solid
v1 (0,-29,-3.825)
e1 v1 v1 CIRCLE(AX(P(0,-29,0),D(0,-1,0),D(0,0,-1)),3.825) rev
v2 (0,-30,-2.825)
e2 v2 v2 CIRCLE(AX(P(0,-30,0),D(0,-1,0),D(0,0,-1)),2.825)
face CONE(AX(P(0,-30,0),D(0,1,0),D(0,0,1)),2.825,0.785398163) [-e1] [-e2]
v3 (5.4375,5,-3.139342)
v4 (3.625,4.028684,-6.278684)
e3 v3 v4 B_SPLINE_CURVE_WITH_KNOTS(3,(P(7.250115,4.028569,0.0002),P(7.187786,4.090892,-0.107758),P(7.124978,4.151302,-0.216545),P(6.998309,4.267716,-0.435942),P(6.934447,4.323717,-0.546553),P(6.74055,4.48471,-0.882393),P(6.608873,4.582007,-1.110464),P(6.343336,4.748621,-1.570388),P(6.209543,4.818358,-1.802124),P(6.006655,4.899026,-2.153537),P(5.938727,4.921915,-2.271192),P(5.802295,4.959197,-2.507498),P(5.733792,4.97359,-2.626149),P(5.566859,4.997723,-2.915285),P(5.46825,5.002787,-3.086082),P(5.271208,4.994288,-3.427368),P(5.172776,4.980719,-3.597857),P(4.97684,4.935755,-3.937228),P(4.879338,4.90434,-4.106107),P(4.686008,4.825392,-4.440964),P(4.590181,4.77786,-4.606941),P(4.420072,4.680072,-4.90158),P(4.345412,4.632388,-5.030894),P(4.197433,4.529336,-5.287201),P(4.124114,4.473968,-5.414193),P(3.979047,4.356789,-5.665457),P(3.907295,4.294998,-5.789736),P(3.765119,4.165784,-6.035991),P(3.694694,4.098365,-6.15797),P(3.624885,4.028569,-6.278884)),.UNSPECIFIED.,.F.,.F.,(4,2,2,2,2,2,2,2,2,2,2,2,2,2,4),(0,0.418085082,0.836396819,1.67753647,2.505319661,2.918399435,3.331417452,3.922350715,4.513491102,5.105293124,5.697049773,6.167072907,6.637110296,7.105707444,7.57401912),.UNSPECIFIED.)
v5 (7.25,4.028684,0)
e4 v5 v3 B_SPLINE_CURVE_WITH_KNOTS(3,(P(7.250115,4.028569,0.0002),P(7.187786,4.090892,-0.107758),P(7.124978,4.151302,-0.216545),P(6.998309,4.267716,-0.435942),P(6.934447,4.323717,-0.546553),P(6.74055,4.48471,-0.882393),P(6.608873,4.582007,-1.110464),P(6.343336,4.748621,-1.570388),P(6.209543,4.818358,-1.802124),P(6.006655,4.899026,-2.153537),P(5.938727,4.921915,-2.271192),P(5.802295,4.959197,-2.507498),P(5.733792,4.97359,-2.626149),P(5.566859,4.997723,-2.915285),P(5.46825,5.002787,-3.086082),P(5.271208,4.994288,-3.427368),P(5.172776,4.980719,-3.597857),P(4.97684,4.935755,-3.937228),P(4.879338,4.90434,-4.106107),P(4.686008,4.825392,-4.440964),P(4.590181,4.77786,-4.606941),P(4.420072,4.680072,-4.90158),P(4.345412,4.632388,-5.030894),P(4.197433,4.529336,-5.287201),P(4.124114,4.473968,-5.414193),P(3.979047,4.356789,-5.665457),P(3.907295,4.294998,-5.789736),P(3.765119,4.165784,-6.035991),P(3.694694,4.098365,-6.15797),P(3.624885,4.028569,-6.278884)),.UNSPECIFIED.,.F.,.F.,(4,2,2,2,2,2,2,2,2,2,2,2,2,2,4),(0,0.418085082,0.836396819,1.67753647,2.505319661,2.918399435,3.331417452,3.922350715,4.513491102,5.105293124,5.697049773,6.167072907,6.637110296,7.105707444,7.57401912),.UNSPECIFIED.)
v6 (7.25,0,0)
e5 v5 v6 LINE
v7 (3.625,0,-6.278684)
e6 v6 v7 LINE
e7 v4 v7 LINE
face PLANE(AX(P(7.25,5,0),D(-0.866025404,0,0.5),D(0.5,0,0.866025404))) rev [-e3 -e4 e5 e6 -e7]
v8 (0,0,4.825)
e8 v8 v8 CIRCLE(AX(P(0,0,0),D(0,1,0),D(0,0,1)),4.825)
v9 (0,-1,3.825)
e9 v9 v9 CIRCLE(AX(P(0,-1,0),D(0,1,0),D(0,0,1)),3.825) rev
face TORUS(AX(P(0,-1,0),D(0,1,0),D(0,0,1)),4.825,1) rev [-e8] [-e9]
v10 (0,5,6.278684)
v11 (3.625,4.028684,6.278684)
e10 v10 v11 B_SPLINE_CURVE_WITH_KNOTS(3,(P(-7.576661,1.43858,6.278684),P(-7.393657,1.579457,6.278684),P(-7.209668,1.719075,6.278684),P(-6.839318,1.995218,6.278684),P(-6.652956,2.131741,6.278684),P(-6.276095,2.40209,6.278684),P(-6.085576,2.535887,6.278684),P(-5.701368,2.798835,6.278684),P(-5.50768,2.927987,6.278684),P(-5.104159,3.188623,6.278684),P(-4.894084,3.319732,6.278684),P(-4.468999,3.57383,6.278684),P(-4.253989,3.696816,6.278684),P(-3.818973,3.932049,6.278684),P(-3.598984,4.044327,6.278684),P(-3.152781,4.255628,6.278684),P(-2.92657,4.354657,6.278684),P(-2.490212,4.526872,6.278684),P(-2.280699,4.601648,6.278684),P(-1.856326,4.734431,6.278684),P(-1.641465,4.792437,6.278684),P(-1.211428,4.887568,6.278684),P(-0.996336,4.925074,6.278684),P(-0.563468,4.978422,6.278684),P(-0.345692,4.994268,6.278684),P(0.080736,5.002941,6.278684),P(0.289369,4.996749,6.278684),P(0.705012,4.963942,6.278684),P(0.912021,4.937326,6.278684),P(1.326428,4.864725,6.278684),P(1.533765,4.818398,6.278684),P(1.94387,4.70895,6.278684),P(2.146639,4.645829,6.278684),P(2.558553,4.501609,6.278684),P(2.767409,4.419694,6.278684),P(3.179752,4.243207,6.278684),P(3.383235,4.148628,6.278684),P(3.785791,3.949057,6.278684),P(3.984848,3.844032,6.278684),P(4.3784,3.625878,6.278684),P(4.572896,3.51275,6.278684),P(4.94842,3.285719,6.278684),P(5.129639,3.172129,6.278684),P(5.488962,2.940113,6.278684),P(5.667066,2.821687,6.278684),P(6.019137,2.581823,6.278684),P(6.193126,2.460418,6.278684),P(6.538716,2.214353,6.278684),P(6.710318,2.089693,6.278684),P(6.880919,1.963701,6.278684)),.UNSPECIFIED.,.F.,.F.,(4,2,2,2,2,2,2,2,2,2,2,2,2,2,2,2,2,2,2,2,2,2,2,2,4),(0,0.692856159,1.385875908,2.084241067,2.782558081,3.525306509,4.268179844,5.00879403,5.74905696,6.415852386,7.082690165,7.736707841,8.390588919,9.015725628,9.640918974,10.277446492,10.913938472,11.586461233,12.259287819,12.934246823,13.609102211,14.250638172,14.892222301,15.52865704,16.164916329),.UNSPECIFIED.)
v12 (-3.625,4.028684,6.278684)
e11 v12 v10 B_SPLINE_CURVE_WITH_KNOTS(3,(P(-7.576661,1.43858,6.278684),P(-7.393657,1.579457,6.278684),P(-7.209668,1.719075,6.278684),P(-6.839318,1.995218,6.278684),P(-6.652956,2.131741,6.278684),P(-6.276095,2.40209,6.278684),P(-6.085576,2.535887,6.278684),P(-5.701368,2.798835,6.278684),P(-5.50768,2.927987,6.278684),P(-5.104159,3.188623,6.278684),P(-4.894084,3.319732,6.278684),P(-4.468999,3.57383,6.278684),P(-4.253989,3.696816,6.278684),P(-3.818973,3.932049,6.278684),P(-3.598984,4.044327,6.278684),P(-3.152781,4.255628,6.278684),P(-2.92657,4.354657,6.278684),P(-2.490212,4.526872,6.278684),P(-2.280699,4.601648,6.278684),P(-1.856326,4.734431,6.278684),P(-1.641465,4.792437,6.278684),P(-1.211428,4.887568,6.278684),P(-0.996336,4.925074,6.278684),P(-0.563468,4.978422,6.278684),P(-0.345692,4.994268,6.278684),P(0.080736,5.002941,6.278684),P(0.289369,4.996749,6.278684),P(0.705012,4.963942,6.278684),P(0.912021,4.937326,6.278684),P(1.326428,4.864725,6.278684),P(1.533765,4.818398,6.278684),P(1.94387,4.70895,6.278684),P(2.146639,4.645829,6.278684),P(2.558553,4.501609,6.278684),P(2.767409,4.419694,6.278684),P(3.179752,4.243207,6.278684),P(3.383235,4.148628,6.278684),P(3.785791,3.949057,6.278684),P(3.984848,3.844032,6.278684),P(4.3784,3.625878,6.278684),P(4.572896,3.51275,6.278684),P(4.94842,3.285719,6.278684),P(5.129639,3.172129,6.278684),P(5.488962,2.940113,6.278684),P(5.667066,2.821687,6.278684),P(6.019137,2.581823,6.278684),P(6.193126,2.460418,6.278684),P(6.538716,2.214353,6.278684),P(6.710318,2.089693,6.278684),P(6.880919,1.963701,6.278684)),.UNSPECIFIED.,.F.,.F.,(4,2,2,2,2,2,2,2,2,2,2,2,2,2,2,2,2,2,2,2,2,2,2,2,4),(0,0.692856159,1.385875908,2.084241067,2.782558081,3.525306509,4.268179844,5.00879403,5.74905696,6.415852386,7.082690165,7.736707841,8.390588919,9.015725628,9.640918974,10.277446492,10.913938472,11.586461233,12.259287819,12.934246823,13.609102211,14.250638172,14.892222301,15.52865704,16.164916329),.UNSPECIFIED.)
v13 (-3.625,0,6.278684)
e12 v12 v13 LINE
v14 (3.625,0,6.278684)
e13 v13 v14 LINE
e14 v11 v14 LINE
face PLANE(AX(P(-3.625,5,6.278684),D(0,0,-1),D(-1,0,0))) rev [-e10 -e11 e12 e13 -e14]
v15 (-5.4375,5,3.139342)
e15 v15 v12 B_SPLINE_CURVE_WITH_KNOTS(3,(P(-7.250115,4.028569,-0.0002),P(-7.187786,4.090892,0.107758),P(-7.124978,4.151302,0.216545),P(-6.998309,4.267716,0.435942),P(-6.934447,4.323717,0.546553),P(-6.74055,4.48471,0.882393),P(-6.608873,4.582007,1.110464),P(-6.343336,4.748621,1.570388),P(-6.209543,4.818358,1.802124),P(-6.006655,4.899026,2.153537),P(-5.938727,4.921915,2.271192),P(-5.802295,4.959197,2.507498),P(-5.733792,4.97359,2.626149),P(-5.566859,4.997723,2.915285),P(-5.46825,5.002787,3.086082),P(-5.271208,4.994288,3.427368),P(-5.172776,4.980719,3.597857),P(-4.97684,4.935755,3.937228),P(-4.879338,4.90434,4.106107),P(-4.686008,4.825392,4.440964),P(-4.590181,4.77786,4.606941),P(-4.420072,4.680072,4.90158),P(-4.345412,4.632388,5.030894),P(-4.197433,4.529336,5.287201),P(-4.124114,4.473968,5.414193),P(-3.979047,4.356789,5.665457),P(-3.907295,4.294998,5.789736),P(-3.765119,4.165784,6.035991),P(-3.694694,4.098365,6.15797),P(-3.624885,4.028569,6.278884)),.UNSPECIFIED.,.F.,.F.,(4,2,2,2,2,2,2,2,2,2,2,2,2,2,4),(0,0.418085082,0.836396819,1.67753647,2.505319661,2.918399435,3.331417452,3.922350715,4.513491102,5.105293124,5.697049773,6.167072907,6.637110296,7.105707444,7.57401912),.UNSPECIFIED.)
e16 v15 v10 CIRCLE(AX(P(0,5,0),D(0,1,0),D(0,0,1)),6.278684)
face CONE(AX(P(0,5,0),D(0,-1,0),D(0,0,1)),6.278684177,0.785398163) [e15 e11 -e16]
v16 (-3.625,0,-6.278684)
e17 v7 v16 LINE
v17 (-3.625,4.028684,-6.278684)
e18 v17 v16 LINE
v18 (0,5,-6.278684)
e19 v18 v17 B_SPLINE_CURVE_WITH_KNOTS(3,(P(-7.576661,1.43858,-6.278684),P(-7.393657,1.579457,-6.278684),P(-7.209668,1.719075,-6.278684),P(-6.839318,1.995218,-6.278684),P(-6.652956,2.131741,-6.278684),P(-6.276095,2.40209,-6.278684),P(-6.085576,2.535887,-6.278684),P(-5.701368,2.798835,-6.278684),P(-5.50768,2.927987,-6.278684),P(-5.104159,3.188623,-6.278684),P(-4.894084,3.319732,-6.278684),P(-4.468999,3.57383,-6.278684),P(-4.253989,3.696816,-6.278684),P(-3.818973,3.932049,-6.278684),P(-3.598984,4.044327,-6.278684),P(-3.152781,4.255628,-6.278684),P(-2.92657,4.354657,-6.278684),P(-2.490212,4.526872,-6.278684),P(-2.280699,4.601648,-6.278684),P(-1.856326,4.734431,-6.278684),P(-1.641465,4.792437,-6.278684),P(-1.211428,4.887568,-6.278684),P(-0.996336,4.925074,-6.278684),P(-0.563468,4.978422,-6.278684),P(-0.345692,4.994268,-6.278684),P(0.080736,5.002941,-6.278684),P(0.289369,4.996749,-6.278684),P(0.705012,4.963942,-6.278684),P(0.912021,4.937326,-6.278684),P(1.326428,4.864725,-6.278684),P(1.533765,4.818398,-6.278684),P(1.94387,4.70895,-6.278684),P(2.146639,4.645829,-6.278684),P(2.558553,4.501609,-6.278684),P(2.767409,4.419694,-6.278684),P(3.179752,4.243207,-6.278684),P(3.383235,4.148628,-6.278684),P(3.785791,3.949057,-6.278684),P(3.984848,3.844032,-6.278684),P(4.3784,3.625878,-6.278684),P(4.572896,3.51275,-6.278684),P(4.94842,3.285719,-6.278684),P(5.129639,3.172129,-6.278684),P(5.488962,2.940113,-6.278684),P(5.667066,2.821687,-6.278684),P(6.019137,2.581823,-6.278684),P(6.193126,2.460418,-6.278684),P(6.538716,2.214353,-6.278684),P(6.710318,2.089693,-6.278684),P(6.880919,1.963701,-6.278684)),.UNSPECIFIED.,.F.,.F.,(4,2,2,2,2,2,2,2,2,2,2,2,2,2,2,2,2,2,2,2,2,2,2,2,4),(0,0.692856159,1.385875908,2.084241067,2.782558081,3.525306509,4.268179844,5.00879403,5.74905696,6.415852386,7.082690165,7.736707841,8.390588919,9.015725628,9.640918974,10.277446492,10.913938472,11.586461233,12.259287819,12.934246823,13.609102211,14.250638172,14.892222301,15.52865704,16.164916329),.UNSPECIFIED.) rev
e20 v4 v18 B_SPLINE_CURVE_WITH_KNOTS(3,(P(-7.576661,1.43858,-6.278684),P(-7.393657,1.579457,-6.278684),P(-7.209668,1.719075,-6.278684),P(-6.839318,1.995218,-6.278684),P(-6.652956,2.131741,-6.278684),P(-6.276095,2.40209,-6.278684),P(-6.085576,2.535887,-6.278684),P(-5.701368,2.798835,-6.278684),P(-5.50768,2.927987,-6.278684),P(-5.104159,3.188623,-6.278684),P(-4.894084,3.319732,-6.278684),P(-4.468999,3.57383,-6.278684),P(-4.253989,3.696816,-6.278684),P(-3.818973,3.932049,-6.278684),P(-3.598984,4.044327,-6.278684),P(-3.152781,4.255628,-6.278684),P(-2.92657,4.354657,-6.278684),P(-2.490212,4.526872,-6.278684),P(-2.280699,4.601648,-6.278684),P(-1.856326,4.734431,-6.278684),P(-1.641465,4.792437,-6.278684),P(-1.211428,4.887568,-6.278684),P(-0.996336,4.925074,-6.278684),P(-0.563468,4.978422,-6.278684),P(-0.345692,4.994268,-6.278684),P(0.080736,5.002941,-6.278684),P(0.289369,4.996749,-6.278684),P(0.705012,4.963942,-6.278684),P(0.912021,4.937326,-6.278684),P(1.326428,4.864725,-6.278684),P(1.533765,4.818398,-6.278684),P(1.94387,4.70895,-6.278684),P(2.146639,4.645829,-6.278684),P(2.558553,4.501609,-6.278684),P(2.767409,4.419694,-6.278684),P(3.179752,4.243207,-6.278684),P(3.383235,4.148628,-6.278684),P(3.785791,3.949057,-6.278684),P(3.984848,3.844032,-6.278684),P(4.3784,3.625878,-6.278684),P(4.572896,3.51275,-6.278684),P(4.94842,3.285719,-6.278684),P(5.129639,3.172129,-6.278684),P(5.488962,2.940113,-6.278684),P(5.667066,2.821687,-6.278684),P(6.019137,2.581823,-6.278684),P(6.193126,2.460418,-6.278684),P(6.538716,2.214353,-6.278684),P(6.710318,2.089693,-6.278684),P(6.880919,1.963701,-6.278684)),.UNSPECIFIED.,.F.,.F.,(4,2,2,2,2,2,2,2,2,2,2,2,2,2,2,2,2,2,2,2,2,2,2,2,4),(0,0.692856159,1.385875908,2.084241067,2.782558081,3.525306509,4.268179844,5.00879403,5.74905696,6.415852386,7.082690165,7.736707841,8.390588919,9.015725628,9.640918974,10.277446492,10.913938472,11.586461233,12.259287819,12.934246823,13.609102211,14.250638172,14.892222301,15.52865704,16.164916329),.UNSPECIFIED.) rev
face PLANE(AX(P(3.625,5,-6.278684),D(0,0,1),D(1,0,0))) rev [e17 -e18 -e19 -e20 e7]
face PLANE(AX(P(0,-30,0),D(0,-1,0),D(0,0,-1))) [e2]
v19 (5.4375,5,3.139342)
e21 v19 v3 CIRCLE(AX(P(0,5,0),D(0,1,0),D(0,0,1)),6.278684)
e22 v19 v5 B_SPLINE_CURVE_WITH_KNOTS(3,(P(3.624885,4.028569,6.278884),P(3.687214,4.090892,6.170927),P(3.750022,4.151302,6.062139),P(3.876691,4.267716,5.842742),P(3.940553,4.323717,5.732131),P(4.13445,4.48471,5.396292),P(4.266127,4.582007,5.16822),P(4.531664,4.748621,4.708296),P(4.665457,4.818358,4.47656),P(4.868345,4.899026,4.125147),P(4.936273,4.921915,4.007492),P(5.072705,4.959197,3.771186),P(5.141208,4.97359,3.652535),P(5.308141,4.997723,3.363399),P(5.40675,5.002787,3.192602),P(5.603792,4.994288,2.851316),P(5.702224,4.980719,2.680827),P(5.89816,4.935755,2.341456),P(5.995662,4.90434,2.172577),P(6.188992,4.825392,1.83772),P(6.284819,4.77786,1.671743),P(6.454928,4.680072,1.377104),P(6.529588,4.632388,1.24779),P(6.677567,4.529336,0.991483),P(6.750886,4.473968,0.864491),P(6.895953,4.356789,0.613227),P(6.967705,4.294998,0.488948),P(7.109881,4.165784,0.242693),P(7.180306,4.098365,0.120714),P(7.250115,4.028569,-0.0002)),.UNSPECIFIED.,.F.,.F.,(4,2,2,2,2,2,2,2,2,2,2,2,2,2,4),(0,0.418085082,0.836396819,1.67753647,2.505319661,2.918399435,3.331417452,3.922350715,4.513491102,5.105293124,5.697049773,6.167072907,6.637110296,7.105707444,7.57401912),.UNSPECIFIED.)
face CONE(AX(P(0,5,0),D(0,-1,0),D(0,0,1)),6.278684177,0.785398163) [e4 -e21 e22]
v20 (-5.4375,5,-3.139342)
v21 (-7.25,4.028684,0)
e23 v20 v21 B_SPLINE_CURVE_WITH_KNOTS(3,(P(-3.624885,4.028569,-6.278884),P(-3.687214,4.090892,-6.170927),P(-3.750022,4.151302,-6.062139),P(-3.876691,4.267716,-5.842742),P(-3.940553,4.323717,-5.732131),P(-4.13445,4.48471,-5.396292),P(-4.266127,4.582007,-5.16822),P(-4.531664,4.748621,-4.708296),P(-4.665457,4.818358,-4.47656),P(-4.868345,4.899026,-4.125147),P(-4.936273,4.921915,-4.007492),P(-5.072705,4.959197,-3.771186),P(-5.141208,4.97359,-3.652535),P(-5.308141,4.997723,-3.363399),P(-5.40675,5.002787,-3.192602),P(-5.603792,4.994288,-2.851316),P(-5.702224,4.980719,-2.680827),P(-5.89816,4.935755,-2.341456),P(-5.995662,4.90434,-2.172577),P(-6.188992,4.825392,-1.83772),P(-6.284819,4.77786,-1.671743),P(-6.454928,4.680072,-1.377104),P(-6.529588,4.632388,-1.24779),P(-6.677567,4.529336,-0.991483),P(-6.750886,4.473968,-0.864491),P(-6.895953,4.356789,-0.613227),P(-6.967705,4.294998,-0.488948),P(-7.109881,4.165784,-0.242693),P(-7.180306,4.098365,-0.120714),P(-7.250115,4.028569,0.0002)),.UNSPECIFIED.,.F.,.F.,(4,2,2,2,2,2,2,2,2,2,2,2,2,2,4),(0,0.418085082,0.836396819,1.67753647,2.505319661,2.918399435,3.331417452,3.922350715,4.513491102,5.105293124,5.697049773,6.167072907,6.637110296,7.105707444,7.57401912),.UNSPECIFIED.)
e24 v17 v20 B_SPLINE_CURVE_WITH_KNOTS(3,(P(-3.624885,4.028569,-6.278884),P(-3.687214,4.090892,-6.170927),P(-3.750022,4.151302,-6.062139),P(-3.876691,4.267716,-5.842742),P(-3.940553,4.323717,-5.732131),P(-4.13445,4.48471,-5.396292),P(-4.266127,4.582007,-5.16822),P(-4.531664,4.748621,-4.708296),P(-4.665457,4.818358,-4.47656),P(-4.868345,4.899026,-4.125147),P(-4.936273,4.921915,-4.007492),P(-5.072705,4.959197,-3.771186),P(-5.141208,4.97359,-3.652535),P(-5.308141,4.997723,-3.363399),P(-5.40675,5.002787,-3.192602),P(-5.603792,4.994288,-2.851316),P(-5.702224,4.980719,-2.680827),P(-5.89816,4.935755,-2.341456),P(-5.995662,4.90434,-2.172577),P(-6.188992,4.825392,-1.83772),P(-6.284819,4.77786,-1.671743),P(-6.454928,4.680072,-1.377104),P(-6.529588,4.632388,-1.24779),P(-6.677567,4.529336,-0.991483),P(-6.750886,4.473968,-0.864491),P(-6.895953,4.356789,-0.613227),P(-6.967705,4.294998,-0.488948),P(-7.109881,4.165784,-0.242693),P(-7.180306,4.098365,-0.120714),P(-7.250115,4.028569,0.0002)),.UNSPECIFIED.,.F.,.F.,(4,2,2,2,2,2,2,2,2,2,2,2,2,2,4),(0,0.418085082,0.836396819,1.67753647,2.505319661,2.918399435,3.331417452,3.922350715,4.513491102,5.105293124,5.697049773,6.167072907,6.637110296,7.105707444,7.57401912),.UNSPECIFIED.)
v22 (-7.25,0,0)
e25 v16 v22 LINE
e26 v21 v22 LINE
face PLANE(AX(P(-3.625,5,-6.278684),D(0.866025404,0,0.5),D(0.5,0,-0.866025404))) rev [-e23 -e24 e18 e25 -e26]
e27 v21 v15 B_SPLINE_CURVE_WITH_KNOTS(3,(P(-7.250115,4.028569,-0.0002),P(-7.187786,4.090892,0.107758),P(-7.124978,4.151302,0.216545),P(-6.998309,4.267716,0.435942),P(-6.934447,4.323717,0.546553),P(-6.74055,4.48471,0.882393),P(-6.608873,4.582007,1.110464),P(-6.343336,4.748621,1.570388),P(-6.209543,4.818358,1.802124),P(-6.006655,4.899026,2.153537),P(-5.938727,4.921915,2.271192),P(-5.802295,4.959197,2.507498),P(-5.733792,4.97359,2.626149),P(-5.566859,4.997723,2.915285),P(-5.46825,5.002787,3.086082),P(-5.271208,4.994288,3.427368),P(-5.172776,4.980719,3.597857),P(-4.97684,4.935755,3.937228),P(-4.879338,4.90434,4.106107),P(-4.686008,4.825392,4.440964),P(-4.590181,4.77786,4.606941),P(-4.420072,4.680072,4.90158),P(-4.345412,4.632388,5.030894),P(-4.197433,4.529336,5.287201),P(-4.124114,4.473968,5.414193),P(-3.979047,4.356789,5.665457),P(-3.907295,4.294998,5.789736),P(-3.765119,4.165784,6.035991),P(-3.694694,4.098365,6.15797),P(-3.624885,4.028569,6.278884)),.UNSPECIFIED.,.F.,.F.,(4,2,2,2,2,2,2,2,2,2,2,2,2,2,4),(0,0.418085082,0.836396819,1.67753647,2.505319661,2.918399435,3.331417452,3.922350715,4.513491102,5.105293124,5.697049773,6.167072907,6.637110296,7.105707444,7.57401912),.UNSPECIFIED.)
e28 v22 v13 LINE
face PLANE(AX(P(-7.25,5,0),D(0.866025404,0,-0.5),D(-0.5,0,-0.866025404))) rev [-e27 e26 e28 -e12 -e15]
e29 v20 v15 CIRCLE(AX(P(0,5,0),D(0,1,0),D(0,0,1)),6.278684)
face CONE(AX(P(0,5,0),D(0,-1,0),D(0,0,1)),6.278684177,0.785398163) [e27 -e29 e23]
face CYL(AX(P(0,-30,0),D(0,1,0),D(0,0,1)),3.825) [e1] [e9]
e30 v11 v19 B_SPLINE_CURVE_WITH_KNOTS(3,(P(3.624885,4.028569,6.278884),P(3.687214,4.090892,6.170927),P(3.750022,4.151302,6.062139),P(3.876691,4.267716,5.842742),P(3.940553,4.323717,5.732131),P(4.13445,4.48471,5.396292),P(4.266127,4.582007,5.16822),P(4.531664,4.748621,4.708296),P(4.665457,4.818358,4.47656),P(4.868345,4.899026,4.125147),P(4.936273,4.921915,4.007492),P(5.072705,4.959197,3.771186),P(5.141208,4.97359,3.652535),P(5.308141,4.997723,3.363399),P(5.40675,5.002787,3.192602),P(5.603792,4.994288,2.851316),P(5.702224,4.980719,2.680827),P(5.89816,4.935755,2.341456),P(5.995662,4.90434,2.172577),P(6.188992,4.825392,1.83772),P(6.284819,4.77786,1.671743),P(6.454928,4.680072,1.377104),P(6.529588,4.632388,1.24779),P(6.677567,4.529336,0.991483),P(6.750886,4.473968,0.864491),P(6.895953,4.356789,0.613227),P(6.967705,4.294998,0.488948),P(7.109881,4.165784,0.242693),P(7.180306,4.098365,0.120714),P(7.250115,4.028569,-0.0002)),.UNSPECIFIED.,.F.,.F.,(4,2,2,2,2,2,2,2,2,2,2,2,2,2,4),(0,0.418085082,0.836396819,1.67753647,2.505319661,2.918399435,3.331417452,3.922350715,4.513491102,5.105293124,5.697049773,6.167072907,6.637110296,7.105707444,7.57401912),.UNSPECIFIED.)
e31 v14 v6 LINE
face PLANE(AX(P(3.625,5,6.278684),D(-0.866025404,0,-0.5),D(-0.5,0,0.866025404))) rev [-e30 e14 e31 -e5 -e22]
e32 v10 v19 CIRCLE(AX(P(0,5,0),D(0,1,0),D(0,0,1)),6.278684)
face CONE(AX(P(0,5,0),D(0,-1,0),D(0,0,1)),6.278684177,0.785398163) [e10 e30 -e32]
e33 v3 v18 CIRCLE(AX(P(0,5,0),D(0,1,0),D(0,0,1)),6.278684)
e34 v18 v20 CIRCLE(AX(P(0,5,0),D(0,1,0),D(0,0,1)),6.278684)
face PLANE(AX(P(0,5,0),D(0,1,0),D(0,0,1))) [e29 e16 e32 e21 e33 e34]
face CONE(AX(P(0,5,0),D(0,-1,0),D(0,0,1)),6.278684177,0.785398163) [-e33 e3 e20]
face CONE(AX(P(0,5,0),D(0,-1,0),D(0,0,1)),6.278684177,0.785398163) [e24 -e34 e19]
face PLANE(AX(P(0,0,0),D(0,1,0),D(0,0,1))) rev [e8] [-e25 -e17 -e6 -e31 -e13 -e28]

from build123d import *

# Parameters (mm, degrees)
EXTRUDE_1_DEPTH     = 5
SKETCH_8_OUTSIDE_W  = 22.464
SKETCH_8_OUTSIDE_H  = 20.522
SKETCH_8_OUTSIDE_R  = 6.278684177
CUT_EXTRUDE_1_DEPTH = 1
CUT_EXTRUDE_1_DRAFT = -45
SKETCH_9_R          = 3.825
BOLT_LENGTH_DEPTH   = 30
FILLET_1_R          = 1
CHAMFER_1_SIZE      = 1


with BuildPart() as part:
    # Эскиз6 → Бобышка-Вытянуть1 (new body)
    with BuildSketch(Plane(origin=(0, 0, 0), x_dir=(1, 0, 0), z_dir=(0, 1, 0))):
        Polygon((7.25, 0), (3.625, 6.278684177), (-3.625, 6.278684177), (-7.25, 0), (-3.625, -6.278684177), (3.625, -6.278684177), align=None)
    extrude(amount=EXTRUDE_1_DEPTH)


with BuildPart() as cut_extrude_1_tool:
    # Эскиз8 outside → Вырез-Вытянуть1 (with draft: the straight prism first)
    with BuildSketch(Plane(origin=(0, 5, 0), x_dir=(1, 0, 0), z_dir=(0, 1, 0))):
        Rectangle(SKETCH_8_OUTSIDE_W, SKETCH_8_OUTSIDE_H)
        Circle(SKETCH_8_OUTSIDE_R, mode=Mode.SUBTRACT)
    extrude(amount=-CUT_EXTRUDE_1_DEPTH)
    # Вырез-Вытянуть1: the draft: its side faces are tilted about the plane it starts from
    cut_extrude_1_sides = [cut_extrude_1_tool.faces().sort_by_distance(p)[0] for p in [
        (0, 4.5, 10.261),
        (11.232, 4.5, 0),
        (0, 4.5, -10.261),
        (-11.232, 4.5, 0),
        (-6.278684177, 4.5, 0),
    ]]
    draft(cut_extrude_1_sides, Plane(origin=(0, 5, 0), x_dir=(1, 0, 0), z_dir=(0, 1, 0)), CUT_EXTRUDE_1_DRAFT)


with BuildPart() as part_1:
    add(part.part)

    # Вырез-Вытянуть1: cut by cut_extrude_1_tool
    add(cut_extrude_1_tool.part, mode=Mode.SUBTRACT)

    # Эскиз9 → bolt length (add)
    with BuildSketch(Plane.XZ):
        with Locations(Location((0, 0, 0), (0, 0, 90))):  # turned: the seam where the file's is
            Circle(SKETCH_9_R)
    extrude(amount=BOLT_LENGTH_DEPTH)

    # Скругление1
    fillet_1_edges = [part_1.edges().sort_by_distance(p)[0] for p in [
        (0, 0, -3.825),
    ]]
    fillet(fillet_1_edges, radius=FILLET_1_R)

    # Фаска1
    chamfer_1_edges = [part_1.edges().sort_by_distance(p)[0] for p in [
        (0, -30, -3.825),
    ]]
    chamfer(chamfer_1_edges, length=CHAMFER_1_SIZE)


solid = part_1.part
